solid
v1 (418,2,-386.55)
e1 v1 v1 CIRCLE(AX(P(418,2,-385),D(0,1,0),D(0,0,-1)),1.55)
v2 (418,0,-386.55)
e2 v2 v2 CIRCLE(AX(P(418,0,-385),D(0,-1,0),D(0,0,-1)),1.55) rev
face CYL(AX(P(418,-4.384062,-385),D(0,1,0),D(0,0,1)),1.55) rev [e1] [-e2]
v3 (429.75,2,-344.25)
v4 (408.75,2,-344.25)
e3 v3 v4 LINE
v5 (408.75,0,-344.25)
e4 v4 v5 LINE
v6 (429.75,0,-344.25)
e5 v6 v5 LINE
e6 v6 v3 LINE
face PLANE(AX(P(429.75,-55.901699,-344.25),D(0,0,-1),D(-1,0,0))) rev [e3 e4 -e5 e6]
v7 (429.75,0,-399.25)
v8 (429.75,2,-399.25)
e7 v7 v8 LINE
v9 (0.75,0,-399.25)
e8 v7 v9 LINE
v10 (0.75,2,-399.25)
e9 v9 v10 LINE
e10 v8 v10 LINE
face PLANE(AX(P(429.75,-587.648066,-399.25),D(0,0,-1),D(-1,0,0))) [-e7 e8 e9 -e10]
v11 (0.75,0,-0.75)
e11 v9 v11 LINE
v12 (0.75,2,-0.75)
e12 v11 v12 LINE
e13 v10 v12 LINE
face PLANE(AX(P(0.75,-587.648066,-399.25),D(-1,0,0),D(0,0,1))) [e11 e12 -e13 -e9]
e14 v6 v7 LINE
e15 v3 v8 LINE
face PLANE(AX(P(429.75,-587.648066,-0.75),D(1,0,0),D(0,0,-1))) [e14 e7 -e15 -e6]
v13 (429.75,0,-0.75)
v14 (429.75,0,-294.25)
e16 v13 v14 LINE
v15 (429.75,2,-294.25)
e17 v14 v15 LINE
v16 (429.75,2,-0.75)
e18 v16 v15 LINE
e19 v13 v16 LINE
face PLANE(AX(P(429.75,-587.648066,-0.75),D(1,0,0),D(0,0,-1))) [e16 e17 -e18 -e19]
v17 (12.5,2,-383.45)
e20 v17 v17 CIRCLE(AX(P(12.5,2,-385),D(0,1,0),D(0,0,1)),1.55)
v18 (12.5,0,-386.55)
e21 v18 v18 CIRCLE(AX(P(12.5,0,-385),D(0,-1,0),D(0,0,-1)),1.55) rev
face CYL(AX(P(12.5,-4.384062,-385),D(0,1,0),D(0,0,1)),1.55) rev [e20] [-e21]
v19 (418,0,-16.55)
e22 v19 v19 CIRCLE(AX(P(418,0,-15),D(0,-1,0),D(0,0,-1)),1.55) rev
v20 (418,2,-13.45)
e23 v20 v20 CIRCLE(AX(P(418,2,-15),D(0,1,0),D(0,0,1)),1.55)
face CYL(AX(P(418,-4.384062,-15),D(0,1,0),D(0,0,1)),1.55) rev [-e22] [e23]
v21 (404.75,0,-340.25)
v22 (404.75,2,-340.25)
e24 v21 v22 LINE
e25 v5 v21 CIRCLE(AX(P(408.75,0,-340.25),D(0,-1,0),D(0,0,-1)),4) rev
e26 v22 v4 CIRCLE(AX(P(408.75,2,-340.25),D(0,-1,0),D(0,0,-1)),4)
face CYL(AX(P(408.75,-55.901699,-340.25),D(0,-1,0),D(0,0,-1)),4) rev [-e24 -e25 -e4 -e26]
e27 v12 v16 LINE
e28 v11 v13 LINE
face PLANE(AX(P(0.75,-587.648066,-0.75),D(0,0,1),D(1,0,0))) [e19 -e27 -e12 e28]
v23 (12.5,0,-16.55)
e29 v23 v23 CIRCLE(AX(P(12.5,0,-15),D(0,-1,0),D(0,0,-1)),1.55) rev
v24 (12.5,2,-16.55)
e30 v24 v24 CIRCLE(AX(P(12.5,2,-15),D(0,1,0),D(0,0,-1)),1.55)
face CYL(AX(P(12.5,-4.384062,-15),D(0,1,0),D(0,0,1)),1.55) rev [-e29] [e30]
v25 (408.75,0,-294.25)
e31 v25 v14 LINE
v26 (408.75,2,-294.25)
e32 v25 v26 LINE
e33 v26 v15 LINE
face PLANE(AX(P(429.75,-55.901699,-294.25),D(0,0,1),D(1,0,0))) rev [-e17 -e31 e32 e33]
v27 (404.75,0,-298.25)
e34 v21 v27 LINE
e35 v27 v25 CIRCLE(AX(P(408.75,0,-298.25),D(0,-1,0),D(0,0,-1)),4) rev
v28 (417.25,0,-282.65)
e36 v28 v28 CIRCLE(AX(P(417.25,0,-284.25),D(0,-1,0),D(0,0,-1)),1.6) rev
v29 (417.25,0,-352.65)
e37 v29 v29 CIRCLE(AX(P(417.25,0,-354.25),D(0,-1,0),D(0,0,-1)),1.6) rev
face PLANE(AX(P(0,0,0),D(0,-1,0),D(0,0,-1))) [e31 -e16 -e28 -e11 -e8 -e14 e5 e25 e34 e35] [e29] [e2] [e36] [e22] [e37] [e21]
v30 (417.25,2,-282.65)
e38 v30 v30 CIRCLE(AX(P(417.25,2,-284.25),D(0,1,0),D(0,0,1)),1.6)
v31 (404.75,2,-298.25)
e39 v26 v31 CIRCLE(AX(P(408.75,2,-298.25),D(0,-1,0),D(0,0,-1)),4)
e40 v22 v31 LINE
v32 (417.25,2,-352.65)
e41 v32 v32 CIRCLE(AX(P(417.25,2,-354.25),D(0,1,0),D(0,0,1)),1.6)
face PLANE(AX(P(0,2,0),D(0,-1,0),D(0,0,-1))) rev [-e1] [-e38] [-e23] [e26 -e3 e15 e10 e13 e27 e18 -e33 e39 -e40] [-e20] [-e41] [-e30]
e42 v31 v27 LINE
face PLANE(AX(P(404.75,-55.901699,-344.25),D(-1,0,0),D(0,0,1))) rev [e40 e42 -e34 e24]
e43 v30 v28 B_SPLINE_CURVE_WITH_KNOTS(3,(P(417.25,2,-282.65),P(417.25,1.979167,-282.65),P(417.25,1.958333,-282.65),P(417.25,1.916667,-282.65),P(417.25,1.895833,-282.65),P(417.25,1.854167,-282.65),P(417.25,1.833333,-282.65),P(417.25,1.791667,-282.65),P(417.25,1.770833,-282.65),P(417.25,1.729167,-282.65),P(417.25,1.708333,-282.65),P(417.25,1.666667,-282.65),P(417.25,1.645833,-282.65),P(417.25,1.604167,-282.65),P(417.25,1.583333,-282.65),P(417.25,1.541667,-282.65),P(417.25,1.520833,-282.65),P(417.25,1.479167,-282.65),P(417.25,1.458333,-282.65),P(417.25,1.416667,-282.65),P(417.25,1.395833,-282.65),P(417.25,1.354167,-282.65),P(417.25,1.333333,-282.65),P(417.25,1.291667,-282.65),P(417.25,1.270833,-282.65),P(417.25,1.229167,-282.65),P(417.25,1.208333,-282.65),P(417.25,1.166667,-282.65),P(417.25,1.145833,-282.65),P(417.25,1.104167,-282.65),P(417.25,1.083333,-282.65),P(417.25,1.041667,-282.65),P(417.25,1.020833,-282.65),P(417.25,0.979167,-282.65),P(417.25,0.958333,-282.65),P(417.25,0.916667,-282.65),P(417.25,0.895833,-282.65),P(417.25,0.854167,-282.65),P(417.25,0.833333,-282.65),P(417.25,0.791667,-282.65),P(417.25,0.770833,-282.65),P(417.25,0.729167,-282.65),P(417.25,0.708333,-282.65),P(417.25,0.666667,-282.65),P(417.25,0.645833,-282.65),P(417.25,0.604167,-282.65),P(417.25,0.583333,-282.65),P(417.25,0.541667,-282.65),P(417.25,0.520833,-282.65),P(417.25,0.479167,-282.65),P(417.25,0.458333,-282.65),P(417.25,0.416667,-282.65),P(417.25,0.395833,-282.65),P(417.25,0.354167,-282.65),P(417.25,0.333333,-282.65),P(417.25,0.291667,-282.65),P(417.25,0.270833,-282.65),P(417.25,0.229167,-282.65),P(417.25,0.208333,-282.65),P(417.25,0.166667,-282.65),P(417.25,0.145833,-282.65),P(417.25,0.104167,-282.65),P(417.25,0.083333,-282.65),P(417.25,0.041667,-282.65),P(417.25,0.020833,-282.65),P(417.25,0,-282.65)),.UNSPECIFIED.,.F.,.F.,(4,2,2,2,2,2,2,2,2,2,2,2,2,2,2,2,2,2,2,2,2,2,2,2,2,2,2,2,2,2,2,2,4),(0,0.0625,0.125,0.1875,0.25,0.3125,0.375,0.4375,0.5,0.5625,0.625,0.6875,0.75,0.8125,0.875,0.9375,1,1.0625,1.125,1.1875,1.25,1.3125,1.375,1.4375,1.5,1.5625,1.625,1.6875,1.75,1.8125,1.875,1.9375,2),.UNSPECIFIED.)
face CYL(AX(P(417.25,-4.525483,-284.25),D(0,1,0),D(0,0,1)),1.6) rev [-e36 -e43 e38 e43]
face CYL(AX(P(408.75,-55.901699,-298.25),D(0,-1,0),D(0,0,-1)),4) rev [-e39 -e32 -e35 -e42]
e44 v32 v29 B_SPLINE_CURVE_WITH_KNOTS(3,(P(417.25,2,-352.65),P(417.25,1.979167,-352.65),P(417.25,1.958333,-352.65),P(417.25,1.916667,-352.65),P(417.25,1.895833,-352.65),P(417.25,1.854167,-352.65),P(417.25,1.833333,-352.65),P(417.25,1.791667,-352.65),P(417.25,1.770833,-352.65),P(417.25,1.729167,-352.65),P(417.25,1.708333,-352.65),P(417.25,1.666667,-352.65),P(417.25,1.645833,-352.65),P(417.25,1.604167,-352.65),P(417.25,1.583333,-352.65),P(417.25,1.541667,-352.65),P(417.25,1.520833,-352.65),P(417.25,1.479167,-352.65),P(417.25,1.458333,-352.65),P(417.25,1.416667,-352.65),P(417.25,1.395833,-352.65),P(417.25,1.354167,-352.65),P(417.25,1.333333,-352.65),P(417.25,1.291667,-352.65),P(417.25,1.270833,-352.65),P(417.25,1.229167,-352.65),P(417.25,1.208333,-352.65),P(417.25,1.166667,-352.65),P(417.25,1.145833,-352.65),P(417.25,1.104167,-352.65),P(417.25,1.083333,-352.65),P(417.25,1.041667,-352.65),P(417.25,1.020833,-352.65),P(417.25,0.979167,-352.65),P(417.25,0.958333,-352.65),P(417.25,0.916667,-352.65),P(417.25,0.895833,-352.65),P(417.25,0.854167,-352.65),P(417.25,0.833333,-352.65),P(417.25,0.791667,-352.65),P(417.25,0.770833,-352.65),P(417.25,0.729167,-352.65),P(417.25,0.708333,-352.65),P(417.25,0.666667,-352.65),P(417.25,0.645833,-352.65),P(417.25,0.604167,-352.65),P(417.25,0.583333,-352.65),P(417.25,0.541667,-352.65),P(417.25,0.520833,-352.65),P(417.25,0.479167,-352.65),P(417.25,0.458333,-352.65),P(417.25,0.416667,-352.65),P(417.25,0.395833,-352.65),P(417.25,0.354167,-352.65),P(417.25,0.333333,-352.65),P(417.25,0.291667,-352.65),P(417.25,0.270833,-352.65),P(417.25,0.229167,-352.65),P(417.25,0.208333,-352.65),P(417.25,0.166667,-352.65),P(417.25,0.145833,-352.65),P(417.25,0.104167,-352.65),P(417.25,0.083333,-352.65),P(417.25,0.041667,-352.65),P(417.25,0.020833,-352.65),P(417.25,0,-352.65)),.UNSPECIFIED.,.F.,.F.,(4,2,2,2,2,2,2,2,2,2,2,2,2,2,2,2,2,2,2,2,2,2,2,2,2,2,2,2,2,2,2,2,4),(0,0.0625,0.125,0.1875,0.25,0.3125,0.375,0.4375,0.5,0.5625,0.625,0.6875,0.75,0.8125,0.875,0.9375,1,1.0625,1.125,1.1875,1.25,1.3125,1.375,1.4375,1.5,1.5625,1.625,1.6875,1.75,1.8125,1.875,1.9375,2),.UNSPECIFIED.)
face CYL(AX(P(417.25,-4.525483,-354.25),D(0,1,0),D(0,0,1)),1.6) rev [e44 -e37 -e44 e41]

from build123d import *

# Parameters (mm, degrees)
CROQUIS1_W              = 430.5
CROQUIS1_H              = 400
SALIENTE_EXTRUIR1_DEPTH = 2
CROQUIS2_R              = 1.55
CORTAR_EXTRUIR1_DEPTH   = 2
CROQUIS3_W              = 430.5
CROQUIS3_H              = 400
CROQUIS3_W_2            = 429
CROQUIS3_H_2            = 398.5
CORTAR_EXTRUIR2_DEPTH   = 2
CROQUIS4_W              = 25
CROQUIS4_H              = 50
CORTAR_EXTRUIR3_DEPTH   = 2
REDONDEO1_R             = 4
CROQUIS5_R              = 1.6
CORTAR_EXTRUIR4_DEPTH   = 2


with BuildPart() as part:
    # Croquis1 → Saliente-Extruir1 (new body)
    with BuildSketch(Plane(origin=(0, 0, 0), x_dir=(1, 0, 0), z_dir=(0, 1, 0))):
        with Locations((215.25, 200)):
            Rectangle(CROQUIS1_W, CROQUIS1_H)
    extrude(amount=SALIENTE_EXTRUIR1_DEPTH)

    # Croquis2 → Cortar-Extruir1 (cut)
    with BuildSketch(Plane(origin=(0, 2, 0), x_dir=(1, 0, 0), z_dir=(0, 1, 0))):
        with Locations(Location((12.5, 385, 0), (0, 0, 270))):
            Circle(CROQUIS2_R)
        with Locations(Location((418, 385, 0), (0, 0, 90))):
            Circle(CROQUIS2_R)
        with Locations(Location((418, 15, 0), (0, 0, 270))):
            Circle(CROQUIS2_R)
        with Locations(Location((12.5, 15, 0), (0, 0, 90))):
            Circle(CROQUIS2_R)
    extrude(amount=-CORTAR_EXTRUIR1_DEPTH, mode=Mode.SUBTRACT)

    # Croquis3 → Cortar-Extruir2 (cut)
    with BuildSketch(Plane(origin=(0, 2, 0), x_dir=(1, 0, 0), z_dir=(0, 1, 0))):
        with Locations((215.25, 200)):
            Rectangle(CROQUIS3_W, CROQUIS3_H)
        with Locations((215.25, 200)):
            Rectangle(CROQUIS3_W_2, CROQUIS3_H_2, mode=Mode.SUBTRACT)
    extrude(amount=-CORTAR_EXTRUIR2_DEPTH, mode=Mode.SUBTRACT)

    # Croquis4 → Cortar-Extruir3 (cut)
    with BuildSketch(Plane(origin=(0, 2, 0), x_dir=(1, 0, 0), z_dir=(0, 1, 0))):
        with Locations((417.25, 319.25)):
            Rectangle(CROQUIS4_W, CROQUIS4_H)
    extrude(amount=-CORTAR_EXTRUIR3_DEPTH, mode=Mode.SUBTRACT)

    # Redondeo1
    redondeo1_edges = [part.edges().sort_by_distance(p)[0] for p in [
        (404.75, 1, -344.25),
        (404.75, 1, -294.25),
    ]]
    fillet(redondeo1_edges, radius=REDONDEO1_R)

    # Croquis5 → Cortar-Extruir4 (cut)
    with BuildSketch(Plane(origin=(0, 2, 0), x_dir=(1, 0, 0), z_dir=(0, 1, 0))):
        with Locations(Location((417.25, 354.25, 0), (0, 0, 270))):
            Circle(CROQUIS5_R)
        with Locations(Location((417.25, 284.25, 0), (0, 0, 270))):
            Circle(CROQUIS5_R)
    extrude(amount=-CORTAR_EXTRUIR4_DEPTH, mode=Mode.SUBTRACT)


solid = part.part
